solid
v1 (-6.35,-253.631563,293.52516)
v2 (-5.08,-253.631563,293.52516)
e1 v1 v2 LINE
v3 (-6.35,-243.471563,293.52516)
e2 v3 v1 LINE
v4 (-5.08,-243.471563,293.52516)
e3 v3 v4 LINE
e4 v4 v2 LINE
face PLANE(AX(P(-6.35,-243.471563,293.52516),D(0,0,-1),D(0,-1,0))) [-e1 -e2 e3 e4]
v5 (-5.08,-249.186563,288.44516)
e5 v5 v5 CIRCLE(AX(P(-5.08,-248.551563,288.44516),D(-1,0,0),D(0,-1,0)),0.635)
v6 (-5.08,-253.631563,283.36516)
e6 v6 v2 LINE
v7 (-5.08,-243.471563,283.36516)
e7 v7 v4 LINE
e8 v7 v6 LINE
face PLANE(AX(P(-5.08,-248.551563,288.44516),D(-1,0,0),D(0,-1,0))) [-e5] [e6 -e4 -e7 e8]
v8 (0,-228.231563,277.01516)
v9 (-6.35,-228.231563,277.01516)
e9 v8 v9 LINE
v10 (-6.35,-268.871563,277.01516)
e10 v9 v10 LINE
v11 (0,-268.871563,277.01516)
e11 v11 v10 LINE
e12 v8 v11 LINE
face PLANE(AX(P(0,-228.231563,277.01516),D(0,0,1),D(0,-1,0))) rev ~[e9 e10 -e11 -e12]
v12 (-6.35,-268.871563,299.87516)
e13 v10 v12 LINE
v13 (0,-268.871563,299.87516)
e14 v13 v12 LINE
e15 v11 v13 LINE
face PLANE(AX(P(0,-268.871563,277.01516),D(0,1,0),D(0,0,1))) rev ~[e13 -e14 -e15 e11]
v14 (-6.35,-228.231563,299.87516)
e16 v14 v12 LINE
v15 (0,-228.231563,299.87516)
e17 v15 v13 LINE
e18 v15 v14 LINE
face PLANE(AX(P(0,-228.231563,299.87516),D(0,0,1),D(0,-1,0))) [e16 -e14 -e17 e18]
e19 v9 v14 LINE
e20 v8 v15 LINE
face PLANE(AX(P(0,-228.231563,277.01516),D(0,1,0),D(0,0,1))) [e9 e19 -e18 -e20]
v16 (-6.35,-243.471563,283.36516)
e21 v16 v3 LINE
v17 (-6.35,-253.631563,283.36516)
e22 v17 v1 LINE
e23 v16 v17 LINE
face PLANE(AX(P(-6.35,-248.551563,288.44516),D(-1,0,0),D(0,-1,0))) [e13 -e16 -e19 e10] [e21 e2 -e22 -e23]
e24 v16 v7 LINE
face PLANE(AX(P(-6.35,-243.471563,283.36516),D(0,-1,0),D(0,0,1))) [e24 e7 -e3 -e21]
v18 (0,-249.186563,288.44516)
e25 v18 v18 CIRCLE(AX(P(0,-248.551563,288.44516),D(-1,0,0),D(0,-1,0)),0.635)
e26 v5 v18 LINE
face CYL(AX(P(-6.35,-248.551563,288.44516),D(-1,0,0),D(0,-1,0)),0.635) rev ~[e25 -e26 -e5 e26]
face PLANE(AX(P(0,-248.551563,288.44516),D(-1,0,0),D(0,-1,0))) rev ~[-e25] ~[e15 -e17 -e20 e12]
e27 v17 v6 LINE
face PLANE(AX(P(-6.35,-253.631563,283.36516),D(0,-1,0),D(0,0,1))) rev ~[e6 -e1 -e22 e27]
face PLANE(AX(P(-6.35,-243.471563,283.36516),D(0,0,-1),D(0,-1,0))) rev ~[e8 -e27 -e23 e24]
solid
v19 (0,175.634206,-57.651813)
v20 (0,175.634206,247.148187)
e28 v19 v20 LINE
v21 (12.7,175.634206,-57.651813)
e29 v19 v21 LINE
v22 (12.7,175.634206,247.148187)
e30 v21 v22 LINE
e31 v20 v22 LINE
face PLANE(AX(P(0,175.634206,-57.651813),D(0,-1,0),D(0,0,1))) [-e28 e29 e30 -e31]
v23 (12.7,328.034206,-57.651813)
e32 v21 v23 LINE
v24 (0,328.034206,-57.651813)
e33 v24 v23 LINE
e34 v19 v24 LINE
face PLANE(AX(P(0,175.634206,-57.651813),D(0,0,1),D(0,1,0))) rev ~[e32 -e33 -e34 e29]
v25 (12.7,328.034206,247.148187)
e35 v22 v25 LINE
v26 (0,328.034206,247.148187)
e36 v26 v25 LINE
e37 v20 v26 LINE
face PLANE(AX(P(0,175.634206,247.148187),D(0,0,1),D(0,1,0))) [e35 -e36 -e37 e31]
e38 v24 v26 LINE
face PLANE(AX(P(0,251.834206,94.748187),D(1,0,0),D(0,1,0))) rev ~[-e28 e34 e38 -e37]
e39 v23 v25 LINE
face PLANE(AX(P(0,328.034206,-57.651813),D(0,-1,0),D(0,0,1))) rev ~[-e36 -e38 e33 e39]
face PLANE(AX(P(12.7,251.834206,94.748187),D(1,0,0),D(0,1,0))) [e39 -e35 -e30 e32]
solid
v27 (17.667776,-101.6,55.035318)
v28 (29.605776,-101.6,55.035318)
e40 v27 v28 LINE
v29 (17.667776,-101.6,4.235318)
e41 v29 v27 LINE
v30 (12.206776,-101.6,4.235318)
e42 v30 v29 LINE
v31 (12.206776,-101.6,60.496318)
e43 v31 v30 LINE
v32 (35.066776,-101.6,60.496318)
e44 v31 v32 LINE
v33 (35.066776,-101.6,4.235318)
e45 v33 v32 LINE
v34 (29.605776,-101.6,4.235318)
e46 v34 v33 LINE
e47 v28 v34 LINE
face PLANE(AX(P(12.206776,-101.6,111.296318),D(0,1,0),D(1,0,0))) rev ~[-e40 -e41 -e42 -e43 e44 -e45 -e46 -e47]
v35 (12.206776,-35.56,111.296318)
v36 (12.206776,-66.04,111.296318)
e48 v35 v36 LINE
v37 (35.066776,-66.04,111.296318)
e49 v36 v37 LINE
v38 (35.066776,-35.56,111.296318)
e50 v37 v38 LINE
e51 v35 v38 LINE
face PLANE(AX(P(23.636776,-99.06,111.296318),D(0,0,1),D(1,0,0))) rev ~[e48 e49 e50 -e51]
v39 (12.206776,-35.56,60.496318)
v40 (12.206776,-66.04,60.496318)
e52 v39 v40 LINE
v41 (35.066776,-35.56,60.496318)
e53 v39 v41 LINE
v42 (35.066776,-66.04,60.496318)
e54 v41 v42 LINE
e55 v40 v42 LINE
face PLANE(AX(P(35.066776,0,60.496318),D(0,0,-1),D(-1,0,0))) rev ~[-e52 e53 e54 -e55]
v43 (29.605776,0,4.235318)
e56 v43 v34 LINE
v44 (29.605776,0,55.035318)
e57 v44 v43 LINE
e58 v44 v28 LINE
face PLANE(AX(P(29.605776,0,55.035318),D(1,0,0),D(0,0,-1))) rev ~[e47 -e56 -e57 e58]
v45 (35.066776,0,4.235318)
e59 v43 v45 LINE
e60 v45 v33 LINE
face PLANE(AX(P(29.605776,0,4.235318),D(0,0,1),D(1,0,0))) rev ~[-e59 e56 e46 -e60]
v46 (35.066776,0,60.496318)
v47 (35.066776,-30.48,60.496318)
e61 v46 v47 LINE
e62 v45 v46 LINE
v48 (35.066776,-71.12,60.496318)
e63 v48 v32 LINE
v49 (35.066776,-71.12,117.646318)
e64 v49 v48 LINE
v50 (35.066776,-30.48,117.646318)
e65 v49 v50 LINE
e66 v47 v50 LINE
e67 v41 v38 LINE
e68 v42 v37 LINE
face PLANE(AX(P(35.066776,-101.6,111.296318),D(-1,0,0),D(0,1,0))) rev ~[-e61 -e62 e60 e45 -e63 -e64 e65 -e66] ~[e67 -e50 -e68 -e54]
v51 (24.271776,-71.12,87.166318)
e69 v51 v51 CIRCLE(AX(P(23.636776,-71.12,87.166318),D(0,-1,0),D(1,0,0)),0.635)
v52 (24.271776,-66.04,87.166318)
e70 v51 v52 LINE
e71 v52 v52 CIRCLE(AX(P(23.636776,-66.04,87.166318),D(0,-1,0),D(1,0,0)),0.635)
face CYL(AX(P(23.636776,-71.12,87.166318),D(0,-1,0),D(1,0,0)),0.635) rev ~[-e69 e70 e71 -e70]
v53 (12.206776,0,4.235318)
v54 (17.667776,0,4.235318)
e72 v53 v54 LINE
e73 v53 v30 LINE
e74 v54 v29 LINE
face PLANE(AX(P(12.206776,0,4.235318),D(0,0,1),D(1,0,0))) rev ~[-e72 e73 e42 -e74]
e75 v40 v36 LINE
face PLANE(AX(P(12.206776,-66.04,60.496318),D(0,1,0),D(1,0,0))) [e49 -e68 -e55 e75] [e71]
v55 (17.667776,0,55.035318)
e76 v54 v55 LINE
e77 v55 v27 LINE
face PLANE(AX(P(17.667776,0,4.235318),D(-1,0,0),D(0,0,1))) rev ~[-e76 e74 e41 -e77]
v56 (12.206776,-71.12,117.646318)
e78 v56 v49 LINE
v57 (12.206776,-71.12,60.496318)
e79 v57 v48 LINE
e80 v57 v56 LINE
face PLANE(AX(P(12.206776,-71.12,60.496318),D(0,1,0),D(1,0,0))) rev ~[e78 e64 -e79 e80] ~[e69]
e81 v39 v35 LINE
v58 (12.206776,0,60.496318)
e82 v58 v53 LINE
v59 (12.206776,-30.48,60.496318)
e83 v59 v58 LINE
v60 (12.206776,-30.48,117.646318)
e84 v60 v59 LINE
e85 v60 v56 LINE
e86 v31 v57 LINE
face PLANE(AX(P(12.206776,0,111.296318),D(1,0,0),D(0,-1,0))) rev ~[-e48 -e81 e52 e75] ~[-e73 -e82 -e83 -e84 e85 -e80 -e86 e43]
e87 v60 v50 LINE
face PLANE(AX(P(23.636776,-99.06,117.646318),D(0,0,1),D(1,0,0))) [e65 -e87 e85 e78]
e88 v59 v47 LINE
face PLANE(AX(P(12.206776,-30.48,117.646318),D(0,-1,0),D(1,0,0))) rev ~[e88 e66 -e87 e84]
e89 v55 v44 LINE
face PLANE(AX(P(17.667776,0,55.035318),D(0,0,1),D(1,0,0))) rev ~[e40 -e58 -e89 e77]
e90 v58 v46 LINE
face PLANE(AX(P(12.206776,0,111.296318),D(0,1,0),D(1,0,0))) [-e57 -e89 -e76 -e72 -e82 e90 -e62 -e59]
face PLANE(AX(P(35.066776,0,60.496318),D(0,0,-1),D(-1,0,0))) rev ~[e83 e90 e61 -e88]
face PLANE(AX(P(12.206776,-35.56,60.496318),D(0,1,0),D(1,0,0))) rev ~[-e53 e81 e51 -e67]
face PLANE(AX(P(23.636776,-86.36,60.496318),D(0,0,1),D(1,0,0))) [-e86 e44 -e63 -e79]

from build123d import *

# Parameters (mm, degrees)
F1_DEPTH  = 101.6
F2_W      = 152.4
F2_H      = 304.8
F3_DEPTH  = 12.7
F4_W      = 22.86
F4_H      = 5.08
F5_DEPTH  = 50.8
F6_W      = 22.86
F6_H      = 5.08
F6_H_2    = 96.52
F7_DEPTH  = 6.35
F8_R      = 1.27
F9_DEPTH  = 7.62
F10_W     = 22.86
F10_H     = 30.48
F10_R     = 1.27
F11_DEPTH = 57.15
F12_R     = 0.635
F13_DEPTH = 25.4
F14_W     = 40.64
F14_H     = 22.86
F15_DEPTH = 6.35
F16_R     = 0.635
F17_DEPTH = 25.4
F18_W     = 10.16
F18_H     = 10.16
F19_DEPTH = 1.27


with BuildPart() as f1:
    # F0 (on Front) → F1 (new body)
    with BuildSketch(Plane.XZ):
        Polygon((12.206776, 4.235318), (17.667776, 4.235318), (17.667776, 55.035318), (29.605776, 55.035318), (29.605776, 4.235318), (35.066776, 4.235318), (35.066776, 60.496318), (12.206776, 60.496318), align=None)
    extrude(amount=F1_DEPTH)

    # F4 (on face) → F5 (join)
    with BuildSketch(Plane.XY.offset(60.496318)):
        with Locations((23.636776, -2.54)):
            Rectangle(F4_W, F4_H)
        with Locations((23.636776, -33.02)):
            Rectangle(F4_W, F4_H)
        with Locations((23.636776, -68.58)):
            Rectangle(F4_W, F4_H)
        with Locations((23.636776, -99.06)):
            Rectangle(F4_W, F4_H)
    extrude(amount=F5_DEPTH)

    # F6 (on face) → F7 (join)
    with BuildSketch(Plane.XY.offset(111.296318)):
        with Locations((23.636776, -99.06)):
            Rectangle(F6_W, F6_H)
        with Locations((23.636776, -48.26)):
            Rectangle(F6_W, F6_H_2)
    extrude(amount=F7_DEPTH)

    # F8 (on face) → F9 (cut)
    with BuildSketch(Plane.XY.offset(117.646318)):
        with Locations((23.636776, -83.82)):
            Circle(F8_R)
        with Locations((23.636776, -17.78)):
            Circle(F8_R)
    extrude(amount=-F9_DEPTH, mode=Mode.SUBTRACT)

    # F10 (on face) → F11 (cut)
    with BuildSketch(Plane.XY.offset(117.646318)):
        with Locations((23.636776, -86.36)):
            Rectangle(F10_W, F10_H)
        with Locations((23.636776, -83.82)):
            Circle(F10_R, mode=Mode.SUBTRACT)
        with Locations((23.636776, -15.24)):
            Rectangle(F10_W, F10_H)
        with Locations((23.636776, -17.78)):
            Circle(F10_R, mode=Mode.SUBTRACT)
    extrude(amount=-F11_DEPTH, mode=Mode.SUBTRACT)

    # F12 (on face) → F13 (cut)
    with BuildSketch(Plane.XZ.offset(71.12)):
        with Locations((23.636776, 87.166318)):
            Circle(F12_R)
    extrude(amount=-F13_DEPTH, mode=Mode.SUBTRACT)


with BuildPart() as f3:
    # F2 (on Right) → F3 (new body)
    with BuildSketch(Plane.YZ):
        with Locations((251.834206, 94.748187)):
            Rectangle(F2_W, F2_H)
    extrude(amount=F3_DEPTH)


with BuildPart() as f15:
    # F14 (on face) → F15 (new body)
    with BuildSketch(Plane(origin=(0, 0, 0), x_dir=(0, -1, 0), z_dir=(-1, 0, 0))):
        with Locations((248.551563, 288.44516)):
            Rectangle(F14_W, F14_H)
    extrude(amount=F15_DEPTH)

    # F16 (on face) → F17 (cut)
    with BuildSketch(Plane(origin=(-6.35, 0, 0), x_dir=(0, -1, 0), z_dir=(-1, 0, 0))):
        with Locations((248.551563, 288.44516)):
            Circle(F16_R)
    extrude(amount=-F17_DEPTH, mode=Mode.SUBTRACT)

    # F18 (on face) → F19 (cut)
    with BuildSketch(Plane(origin=(-6.35, 0, 0), x_dir=(0, -1, 0), z_dir=(-1, 0, 0))):
        with Locations((248.551563, 288.44516)):
            Rectangle(F18_W, F18_H)
    extrude(amount=-F19_DEPTH, mode=Mode.SUBTRACT)


solid = Compound([f1.part, f3.part, f15.part])
